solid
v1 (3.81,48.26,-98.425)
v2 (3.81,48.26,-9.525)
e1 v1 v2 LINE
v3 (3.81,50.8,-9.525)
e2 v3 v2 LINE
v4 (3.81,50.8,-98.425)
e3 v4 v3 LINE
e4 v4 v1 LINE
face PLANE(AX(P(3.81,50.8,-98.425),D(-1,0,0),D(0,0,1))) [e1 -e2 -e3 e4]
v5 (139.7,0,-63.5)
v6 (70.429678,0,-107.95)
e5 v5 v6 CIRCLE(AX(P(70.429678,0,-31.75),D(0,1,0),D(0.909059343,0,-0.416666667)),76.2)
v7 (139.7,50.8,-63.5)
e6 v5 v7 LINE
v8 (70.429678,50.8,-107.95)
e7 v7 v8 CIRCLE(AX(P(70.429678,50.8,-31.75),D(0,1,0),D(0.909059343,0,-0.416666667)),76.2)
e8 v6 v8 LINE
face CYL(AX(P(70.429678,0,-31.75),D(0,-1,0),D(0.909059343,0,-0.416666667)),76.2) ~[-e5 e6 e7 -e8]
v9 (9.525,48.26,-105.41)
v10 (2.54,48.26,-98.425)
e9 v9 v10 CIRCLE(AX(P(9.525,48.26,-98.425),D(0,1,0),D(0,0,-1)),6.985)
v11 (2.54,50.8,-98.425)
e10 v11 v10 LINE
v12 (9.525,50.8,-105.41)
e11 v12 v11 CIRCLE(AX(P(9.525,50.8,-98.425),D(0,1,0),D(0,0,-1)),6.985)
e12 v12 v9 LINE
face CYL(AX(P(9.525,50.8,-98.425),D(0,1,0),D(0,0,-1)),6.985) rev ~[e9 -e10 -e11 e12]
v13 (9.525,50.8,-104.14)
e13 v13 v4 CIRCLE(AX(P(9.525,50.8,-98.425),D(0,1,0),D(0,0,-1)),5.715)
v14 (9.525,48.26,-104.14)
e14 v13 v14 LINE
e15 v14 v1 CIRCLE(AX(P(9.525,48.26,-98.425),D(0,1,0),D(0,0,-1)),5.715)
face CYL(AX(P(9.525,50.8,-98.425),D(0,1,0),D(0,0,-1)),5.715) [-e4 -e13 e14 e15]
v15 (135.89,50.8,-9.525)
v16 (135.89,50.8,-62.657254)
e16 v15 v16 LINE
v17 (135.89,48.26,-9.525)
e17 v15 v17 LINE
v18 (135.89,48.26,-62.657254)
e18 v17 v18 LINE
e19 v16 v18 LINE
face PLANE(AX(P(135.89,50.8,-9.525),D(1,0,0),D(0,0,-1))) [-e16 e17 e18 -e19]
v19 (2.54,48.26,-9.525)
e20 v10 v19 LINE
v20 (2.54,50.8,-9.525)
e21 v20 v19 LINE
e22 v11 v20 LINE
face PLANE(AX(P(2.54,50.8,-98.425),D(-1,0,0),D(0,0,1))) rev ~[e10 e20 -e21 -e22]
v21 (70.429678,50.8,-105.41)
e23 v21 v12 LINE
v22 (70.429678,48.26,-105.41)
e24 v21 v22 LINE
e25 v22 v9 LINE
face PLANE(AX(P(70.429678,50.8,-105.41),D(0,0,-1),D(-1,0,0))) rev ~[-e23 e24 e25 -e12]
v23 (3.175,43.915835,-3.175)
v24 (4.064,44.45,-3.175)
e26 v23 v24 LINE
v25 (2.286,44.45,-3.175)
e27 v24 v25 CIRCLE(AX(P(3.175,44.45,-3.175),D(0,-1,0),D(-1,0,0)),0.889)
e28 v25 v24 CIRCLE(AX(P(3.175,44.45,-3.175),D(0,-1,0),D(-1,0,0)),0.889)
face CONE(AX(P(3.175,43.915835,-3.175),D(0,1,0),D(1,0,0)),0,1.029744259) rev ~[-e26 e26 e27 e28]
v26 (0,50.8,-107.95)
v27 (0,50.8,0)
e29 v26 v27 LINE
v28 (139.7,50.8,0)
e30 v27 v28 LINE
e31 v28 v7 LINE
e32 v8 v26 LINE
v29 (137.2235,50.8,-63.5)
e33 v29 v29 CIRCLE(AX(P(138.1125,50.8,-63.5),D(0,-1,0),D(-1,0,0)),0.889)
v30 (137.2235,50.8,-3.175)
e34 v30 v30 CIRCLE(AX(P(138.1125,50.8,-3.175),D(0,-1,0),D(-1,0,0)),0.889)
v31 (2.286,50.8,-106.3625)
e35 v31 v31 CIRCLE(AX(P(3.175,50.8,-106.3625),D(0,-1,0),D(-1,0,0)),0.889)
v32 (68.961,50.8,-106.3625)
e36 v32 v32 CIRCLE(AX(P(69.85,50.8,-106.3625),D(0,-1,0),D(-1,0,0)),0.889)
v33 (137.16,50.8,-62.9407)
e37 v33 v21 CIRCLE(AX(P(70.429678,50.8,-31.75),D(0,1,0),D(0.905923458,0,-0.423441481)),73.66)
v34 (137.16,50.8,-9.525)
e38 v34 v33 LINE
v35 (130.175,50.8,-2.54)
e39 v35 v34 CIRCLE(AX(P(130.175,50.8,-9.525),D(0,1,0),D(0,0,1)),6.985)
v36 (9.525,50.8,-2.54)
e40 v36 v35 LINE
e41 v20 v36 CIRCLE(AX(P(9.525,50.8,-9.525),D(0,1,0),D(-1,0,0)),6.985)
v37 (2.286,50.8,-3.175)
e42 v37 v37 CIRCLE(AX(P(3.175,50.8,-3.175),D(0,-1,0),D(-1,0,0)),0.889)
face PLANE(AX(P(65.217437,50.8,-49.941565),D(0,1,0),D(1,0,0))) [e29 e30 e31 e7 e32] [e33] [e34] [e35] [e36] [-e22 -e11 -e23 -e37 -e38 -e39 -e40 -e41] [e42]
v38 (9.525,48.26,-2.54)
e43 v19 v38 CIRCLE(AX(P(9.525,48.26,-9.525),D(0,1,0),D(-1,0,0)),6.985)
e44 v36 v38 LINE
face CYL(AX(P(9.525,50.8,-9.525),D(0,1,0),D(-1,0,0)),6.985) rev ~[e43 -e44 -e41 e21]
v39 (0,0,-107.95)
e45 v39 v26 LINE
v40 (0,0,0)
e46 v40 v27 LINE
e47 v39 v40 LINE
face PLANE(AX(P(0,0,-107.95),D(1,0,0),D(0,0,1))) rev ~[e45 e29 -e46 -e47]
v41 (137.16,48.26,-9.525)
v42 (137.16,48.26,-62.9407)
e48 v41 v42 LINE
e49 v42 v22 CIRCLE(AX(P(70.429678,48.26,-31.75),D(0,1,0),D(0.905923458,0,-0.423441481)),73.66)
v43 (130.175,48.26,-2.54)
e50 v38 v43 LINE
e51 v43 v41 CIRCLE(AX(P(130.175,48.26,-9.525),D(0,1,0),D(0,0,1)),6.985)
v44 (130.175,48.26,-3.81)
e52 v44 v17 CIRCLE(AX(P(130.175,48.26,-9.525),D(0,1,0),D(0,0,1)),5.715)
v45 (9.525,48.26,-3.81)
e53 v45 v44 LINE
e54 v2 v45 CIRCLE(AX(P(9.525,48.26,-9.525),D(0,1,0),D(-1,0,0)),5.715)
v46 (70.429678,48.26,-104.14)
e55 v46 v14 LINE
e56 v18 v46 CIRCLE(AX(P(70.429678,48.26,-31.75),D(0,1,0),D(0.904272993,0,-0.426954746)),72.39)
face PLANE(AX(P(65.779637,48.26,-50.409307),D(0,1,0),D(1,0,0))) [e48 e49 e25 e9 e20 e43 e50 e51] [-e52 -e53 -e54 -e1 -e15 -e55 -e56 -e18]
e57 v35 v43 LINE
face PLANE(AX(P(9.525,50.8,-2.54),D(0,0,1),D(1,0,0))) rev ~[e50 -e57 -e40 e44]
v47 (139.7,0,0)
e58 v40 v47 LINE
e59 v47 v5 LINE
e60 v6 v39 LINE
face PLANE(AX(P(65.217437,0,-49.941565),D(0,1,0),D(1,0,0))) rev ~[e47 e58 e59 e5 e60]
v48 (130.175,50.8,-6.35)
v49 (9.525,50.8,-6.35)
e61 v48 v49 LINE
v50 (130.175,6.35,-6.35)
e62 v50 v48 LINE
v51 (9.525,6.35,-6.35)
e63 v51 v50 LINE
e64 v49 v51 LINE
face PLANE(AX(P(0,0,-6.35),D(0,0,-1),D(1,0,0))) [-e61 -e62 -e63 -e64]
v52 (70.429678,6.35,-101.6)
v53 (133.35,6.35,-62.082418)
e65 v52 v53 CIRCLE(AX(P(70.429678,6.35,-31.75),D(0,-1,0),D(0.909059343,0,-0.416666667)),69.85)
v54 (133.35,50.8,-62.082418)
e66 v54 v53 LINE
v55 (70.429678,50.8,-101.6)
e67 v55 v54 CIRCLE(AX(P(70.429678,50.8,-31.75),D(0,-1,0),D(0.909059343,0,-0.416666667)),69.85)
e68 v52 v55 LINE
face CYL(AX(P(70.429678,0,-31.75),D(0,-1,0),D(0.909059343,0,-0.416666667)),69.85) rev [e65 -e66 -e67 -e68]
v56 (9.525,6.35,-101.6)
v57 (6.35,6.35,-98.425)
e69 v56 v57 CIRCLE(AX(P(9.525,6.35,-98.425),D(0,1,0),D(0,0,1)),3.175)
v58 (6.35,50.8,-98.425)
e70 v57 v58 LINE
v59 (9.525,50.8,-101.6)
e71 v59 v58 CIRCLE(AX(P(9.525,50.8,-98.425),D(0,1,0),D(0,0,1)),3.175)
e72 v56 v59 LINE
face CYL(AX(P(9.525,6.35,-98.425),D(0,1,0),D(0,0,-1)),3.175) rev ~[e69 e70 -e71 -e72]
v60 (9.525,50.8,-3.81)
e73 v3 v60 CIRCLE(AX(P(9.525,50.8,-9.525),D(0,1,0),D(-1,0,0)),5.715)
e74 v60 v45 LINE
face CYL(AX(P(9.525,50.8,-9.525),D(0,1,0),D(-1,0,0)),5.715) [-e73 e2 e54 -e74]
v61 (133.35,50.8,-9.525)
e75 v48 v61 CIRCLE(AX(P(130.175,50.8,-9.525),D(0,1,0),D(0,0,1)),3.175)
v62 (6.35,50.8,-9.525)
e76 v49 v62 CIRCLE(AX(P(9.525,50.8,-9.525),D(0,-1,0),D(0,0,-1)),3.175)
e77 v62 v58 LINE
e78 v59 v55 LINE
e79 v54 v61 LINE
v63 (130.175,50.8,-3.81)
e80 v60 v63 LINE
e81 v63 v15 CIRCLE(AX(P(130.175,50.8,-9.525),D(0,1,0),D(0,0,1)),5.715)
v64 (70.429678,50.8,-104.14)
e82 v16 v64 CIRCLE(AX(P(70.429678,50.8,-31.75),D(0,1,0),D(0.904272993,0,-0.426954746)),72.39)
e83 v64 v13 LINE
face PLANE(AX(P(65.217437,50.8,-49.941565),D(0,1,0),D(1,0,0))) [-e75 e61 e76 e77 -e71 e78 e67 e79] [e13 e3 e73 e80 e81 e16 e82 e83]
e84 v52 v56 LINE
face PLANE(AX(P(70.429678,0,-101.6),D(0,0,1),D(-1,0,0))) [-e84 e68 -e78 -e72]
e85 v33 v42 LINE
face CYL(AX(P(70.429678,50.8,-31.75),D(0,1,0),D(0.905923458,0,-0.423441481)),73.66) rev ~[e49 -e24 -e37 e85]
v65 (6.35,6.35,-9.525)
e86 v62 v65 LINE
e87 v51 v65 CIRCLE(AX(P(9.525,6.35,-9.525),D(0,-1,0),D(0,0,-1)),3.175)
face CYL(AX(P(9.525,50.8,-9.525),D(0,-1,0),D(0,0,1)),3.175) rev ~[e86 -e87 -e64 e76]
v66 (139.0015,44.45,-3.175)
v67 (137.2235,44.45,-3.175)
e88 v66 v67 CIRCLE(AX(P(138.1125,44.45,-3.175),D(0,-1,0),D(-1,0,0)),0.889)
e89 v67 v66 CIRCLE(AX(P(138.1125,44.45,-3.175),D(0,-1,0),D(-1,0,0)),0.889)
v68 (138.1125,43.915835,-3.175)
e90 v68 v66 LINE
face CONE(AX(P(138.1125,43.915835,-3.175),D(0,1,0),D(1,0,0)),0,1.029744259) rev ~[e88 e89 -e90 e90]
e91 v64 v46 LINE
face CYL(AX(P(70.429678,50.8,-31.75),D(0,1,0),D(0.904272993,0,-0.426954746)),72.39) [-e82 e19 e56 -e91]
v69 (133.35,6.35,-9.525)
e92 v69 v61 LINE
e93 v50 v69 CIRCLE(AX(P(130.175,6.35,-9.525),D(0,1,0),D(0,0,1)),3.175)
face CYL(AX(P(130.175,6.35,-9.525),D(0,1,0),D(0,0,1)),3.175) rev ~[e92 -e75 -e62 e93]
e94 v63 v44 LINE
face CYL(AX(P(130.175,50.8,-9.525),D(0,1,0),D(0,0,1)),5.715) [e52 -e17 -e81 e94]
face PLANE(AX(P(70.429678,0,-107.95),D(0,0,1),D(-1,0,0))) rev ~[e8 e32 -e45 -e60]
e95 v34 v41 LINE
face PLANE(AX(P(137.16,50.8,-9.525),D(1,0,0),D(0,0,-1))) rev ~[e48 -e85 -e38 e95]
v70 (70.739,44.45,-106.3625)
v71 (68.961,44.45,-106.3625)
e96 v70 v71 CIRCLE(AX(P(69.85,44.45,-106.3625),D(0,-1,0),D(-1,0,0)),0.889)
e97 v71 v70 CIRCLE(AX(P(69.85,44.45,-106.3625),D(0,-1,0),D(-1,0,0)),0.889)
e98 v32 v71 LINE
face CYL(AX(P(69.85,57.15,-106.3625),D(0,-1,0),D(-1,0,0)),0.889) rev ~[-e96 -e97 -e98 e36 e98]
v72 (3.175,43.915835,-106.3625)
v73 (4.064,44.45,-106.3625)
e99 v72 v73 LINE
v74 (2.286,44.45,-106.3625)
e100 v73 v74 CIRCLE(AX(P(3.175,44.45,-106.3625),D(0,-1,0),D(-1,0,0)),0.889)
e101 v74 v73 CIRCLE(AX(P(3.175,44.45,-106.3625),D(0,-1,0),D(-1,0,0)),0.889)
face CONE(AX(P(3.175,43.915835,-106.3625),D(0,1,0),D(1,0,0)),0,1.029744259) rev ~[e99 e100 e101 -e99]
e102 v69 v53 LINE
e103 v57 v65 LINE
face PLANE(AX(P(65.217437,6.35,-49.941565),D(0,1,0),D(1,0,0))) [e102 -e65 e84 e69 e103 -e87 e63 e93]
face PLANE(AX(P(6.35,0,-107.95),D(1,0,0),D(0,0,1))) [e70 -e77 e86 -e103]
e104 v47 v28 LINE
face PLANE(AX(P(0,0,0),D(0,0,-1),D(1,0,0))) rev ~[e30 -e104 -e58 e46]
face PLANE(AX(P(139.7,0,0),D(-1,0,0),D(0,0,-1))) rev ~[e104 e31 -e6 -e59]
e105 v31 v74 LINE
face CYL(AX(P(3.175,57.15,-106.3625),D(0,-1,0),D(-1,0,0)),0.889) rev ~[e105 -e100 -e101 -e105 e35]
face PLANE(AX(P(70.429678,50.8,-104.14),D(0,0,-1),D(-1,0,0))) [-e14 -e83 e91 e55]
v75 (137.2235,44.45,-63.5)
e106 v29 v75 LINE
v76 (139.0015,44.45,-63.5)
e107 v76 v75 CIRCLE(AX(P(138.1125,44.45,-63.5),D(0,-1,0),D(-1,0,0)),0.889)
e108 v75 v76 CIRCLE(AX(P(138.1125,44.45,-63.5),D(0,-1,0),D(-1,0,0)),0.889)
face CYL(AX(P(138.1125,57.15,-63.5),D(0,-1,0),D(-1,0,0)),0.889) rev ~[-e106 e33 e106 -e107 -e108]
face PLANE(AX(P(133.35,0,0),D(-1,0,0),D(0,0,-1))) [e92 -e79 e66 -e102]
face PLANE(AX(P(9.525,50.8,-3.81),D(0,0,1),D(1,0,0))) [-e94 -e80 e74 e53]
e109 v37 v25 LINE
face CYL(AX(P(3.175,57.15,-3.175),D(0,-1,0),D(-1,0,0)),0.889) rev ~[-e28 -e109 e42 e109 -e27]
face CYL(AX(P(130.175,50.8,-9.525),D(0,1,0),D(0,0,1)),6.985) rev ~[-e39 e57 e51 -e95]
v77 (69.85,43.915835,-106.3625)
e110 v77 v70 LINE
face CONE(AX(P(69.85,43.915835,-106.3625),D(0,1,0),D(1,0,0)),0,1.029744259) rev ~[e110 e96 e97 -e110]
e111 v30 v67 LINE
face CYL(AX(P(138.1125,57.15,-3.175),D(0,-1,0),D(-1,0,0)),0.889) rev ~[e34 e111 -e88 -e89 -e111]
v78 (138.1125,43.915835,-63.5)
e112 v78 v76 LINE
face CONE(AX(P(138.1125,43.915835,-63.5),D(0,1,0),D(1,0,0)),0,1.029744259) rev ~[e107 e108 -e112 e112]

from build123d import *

# Parameters (mm, degrees)
BOSS_EXTRUDE1_DEPTH       = 50.8
SHELL1_T                  = -6.35
FILLET1_R                 = 3.175
CUT_EXTRUDE1_DEPTH        = 2.54
F_2_64_TAPPED_HOLE1_D     = 1.778
F_2_64_TAPPED_HOLE1_DEPTH = 6.35
F_2_64_TAPPED_HOLE1_TIP   = 0.53416509


with BuildPart() as part:
    # Sketch2 → Boss-Extrude1 (new body)
    with BuildSketch(Plane(origin=(0, 0, 0), x_dir=(1, 0, 0), z_dir=(0, 1, 0))):
        with BuildLine():
            Line((0, 0), (139.7, 0))
            Line((139.7, 0), (139.7, 63.5))
            ThreePointArc((139.7, 63.5), (111.582381507, 95.881856359), (70.429678072, 107.95))
            Line((70.429678072, 107.95), (0, 107.95))
            Line((0, 107.95), (0, 0))
        make_face()
    extrude(amount=BOSS_EXTRUDE1_DEPTH)

    # Shell1
    shell1_openings = [part.faces().sort_by_distance(p)[0] for p in [
        (71.269444109, 50.8, -57.911371272),
    ]]
    offset(amount=SHELL1_T, openings=shell1_openings, kind=Kind.INTERSECTION)

    # Fillet1
    fillet1_edges = [part.edges().sort_by_distance(p)[0] for p in [
        (6.35, 28.575, -101.6),
        (6.35, 28.575, -6.35),
        (133.35, 28.575, -6.35),
    ]]
    fillet(fillet1_edges, radius=FILLET1_R)

    # Sketch4 → Cut-Extrude1 (cut)
    with BuildSketch(Plane(origin=(0, 50.8, 0), x_dir=(1, 0, 0), z_dir=(0, 1, 0))):
        with BuildLine():
            Line((2.54, 98.425), (2.54, 9.525))
            ThreePointArc((2.54, 9.525), (4.585859133, 4.585859133), (9.525, 2.54))
            Line((9.525, 2.54), (130.175, 2.54))
            ThreePointArc((130.175, 2.54), (135.114140867, 4.585859133), (137.16, 9.525))
            Line((137.16, 9.525), (137.16, 62.940699502))
            ThreePointArc((137.16, 62.940699502), (109.97894276, 93.892185853), (70.429678072, 105.41))
            Line((70.429678072, 105.41), (9.525, 105.41))
            ThreePointArc((9.525, 105.41), (4.585859133, 103.364140867), (2.54, 98.425))
        make_face()
        with BuildLine():
            Line((9.525, 3.81), (130.175, 3.81))
            ThreePointArc((130.175, 3.81), (134.216115254, 5.483884746), (135.89, 9.525))
            Line((135.89, 9.525), (135.89, 62.657254053))
            ThreePointArc((135.89, 62.657254053), (109.178458563, 92.896088268), (70.429678072, 104.14))
            Line((70.429678072, 104.14), (9.525, 104.14))
            ThreePointArc((9.525, 104.14), (5.483884746, 102.466115254), (3.81, 98.425))
            Line((3.81, 98.425), (3.81, 9.525))
            ThreePointArc((3.81, 9.525), (5.483884746, 5.483884746), (9.525, 3.81))
        make_face(mode=Mode.SUBTRACT)
    extrude(amount=-CUT_EXTRUDE1_DEPTH, mode=Mode.SUBTRACT)

    # #2-64 Tapped Hole1
    with Locations(Plane(origin=(0, 50.8, 0), x_dir=(1, 0, 0), z_dir=(0, 1, 0))):
        with Locations((3.175, 3.175), (3.175, 106.3625), (69.85, 106.3625), (138.1125, 63.5), (138.1125, 3.175)):
            Hole(F_2_64_TAPPED_HOLE1_D / 2, depth=F_2_64_TAPPED_HOLE1_DEPTH)
            with Locations((0, 0, -(F_2_64_TAPPED_HOLE1_DEPTH + F_2_64_TAPPED_HOLE1_TIP / 2))):  # 118° drill point
                Cone(0, F_2_64_TAPPED_HOLE1_D / 2, F_2_64_TAPPED_HOLE1_TIP, mode=Mode.SUBTRACT)


solid = part.part
